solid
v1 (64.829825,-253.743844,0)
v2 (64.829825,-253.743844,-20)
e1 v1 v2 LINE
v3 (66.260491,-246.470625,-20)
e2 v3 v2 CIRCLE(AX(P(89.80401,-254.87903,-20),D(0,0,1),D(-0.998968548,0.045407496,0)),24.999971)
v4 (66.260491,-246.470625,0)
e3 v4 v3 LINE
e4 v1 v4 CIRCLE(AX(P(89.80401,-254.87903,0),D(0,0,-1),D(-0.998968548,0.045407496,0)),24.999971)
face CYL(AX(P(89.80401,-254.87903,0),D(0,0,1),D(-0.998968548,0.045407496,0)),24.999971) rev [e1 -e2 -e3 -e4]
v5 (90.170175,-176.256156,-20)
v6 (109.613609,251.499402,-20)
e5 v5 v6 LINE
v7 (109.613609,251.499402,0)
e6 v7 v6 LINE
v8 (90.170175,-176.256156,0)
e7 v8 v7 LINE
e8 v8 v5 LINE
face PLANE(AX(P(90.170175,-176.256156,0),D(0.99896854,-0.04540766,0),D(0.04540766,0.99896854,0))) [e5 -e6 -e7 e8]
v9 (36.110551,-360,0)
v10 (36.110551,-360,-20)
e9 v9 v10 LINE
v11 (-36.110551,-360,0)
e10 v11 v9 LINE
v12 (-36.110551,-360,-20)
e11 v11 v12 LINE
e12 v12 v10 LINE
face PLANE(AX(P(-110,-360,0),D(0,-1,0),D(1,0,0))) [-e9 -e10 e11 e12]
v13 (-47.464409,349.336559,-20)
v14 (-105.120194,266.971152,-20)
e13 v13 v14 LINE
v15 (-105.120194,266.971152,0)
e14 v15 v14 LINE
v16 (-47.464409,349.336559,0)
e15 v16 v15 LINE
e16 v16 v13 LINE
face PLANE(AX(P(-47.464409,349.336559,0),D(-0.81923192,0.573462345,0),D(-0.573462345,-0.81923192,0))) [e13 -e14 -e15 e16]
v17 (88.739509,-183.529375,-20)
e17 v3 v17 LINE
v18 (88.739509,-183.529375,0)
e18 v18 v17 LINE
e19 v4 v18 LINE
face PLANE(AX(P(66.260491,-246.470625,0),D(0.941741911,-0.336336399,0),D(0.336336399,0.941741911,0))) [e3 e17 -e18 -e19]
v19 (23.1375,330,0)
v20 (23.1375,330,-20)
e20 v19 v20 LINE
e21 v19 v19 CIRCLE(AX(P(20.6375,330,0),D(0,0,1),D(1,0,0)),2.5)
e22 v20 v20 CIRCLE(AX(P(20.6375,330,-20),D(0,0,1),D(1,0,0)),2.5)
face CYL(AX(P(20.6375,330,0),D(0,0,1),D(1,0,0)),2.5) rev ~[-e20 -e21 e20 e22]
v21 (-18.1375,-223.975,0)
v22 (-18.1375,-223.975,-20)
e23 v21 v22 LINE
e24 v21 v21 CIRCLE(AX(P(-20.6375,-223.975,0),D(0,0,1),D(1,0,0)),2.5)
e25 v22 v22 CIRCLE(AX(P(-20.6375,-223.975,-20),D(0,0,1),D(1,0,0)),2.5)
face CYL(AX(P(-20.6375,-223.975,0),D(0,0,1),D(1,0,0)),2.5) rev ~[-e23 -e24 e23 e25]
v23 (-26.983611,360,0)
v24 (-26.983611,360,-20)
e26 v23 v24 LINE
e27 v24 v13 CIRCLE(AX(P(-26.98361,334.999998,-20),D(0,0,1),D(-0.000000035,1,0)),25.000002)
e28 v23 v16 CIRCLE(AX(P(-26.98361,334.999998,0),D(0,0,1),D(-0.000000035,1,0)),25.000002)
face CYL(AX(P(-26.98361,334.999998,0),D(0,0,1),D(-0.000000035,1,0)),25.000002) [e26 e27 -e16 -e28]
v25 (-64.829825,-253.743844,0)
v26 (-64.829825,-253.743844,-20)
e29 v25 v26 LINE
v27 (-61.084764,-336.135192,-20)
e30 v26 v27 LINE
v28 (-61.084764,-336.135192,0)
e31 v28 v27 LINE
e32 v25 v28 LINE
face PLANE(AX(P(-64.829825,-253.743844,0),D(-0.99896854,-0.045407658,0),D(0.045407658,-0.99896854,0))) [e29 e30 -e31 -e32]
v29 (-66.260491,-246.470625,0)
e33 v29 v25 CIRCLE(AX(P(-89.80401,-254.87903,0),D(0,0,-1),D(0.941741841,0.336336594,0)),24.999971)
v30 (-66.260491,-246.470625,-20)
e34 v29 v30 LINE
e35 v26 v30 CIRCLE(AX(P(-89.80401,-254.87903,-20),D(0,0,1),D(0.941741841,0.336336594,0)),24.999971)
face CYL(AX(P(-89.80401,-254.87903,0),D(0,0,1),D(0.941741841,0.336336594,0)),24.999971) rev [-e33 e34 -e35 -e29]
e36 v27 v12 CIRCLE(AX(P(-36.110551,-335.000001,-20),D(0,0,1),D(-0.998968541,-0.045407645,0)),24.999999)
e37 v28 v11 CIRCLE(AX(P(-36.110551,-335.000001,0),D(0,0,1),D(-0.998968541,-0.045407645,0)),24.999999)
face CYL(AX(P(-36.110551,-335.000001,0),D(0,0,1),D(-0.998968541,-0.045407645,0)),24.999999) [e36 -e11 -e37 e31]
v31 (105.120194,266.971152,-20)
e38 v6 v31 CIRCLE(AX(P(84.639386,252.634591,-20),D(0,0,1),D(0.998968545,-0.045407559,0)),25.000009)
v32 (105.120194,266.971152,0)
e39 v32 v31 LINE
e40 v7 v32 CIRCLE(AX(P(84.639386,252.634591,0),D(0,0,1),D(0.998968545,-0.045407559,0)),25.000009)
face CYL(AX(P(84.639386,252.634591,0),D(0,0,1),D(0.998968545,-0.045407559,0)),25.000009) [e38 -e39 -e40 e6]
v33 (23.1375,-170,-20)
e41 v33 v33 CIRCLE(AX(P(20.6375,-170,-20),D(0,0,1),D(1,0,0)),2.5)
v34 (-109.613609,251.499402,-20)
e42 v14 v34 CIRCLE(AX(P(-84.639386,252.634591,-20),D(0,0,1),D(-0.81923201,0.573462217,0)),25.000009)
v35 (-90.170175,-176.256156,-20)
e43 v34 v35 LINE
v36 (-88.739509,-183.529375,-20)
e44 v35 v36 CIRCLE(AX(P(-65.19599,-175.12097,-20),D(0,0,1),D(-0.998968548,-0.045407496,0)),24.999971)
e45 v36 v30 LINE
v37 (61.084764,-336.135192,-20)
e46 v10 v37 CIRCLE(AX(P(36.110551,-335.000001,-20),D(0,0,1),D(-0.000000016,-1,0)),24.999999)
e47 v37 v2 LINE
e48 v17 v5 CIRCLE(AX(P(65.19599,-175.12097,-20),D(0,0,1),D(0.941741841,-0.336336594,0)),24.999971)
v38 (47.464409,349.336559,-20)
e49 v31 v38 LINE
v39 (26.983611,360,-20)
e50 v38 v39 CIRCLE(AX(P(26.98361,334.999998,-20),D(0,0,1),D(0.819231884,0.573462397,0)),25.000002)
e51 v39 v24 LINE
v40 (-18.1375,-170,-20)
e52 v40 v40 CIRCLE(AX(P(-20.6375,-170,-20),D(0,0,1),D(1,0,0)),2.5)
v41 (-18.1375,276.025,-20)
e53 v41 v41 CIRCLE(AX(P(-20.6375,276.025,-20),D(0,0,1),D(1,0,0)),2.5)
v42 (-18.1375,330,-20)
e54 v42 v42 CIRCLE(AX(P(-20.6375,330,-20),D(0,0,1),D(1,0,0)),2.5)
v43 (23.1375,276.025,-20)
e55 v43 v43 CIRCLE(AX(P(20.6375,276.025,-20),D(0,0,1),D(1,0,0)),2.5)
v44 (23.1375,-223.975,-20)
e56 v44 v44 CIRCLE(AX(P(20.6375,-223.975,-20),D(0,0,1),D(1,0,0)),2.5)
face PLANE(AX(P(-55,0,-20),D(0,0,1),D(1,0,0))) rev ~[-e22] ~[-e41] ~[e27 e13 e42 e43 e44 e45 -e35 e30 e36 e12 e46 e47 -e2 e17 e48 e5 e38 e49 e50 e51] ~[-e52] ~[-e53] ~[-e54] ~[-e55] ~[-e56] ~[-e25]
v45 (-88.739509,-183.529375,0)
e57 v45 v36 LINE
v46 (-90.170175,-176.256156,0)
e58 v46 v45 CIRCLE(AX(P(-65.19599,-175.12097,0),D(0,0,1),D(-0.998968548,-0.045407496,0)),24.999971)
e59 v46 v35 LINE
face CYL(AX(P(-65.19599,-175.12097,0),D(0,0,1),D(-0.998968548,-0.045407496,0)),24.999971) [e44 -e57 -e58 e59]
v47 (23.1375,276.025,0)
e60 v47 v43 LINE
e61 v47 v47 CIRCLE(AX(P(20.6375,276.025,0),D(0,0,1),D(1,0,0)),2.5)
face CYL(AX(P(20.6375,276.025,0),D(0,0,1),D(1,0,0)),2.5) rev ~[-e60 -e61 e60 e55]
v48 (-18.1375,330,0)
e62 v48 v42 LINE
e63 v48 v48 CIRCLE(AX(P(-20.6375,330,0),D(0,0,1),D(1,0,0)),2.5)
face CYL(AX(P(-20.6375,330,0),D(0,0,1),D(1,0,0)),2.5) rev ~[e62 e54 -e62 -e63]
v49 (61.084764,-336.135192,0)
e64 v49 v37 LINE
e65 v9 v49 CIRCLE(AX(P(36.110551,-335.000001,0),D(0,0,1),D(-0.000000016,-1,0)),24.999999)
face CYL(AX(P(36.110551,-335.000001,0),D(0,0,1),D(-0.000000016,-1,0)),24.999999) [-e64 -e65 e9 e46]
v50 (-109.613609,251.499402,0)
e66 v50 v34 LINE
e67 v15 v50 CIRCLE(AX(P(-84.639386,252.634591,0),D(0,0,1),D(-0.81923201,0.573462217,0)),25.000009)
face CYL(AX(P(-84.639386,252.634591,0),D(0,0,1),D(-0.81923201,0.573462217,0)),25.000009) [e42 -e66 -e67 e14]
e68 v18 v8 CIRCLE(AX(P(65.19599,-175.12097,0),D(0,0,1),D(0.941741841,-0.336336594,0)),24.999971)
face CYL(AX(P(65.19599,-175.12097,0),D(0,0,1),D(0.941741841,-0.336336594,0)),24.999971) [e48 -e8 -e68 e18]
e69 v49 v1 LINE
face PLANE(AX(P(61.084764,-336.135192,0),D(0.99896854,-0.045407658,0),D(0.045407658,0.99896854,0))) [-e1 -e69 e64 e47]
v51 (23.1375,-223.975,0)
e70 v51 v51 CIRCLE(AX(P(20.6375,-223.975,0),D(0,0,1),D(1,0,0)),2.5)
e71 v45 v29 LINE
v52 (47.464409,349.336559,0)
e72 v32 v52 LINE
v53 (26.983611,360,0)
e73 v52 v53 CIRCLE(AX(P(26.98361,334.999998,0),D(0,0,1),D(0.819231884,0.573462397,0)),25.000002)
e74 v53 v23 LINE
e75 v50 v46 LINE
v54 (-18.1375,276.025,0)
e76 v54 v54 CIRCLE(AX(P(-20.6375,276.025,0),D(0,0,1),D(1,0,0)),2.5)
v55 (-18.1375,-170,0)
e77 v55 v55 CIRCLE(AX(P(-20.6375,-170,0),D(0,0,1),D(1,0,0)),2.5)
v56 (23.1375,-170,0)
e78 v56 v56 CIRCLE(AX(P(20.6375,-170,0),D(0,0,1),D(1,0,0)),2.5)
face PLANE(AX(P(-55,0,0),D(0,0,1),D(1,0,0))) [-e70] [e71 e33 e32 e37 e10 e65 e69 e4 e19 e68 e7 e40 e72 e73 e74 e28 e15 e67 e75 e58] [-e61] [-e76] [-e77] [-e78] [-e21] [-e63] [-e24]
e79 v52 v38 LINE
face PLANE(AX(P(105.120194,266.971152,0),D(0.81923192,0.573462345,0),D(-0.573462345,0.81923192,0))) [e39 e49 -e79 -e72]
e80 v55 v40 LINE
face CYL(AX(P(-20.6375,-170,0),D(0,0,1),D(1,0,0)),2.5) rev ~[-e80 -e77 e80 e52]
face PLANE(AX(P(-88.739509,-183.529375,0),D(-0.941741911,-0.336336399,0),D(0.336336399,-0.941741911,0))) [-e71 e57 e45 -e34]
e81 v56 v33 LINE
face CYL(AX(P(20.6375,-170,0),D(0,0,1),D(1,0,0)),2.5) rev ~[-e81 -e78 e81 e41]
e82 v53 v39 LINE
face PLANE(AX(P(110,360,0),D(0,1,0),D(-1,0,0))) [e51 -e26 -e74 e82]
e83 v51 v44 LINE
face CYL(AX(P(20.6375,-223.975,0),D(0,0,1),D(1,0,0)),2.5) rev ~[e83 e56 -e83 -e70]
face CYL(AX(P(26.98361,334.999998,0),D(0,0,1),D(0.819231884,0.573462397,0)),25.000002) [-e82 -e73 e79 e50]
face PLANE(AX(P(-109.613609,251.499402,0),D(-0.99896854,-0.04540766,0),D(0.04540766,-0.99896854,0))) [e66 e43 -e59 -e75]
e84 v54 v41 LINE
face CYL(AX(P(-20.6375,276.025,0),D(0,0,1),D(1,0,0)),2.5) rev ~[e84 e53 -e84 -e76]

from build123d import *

# Parameters (mm, degrees)
F0_W     = 110
F0_H     = 720
F0_R     = 2.5
F2_DEPTH = 20
F4_DEPTH = 20.001


with BuildPart() as f2:
    # F0 (on Top) → F2 (new body)
    with BuildSketch(Plane.XY):
        with Locations((-55, 0)):
            Rectangle(F0_W, F0_H)
        with Locations((-20.6375, -223.975)):
            Circle(F0_R, mode=Mode.SUBTRACT)
        with Locations((-20.6375, -170)):
            Circle(F0_R, mode=Mode.SUBTRACT)
        with Locations((-20.6375, 276.025)):
            Circle(F0_R, mode=Mode.SUBTRACT)
        with Locations((-20.6375, 330)):
            Circle(F0_R, mode=Mode.SUBTRACT)
        with Locations((55, 0)):
            Rectangle(F0_W, F0_H)
        with Locations((20.6375, -223.975)):
            Circle(F0_R, mode=Mode.SUBTRACT)
        with Locations((20.6375, -170)):
            Circle(F0_R, mode=Mode.SUBTRACT)
        with Locations((20.6375, 276.025)):
            Circle(F0_R, mode=Mode.SUBTRACT)
        with Locations((20.6375, 330)):
            Circle(F0_R, mode=Mode.SUBTRACT)
    extrude(amount=-F2_DEPTH)

    # F3 (on face) → F4 (intersect, through all)
    with BuildSketch(Plane.XY):
        with BuildLine():
            ThreePointArc((-26.983611, 360), (-38.52887, 357.174467), (-47.464409, 349.336559))
            Line((-47.464409, 349.336559), (-105.120194, 266.971152))
            ThreePointArc((-105.120194, 266.971152), (-108.647379, 259.607162), (-109.613609, 251.499402))
            Line((-109.613609, 251.499402), (-90.170175, -176.256156))
            ThreePointArc((-90.170175, -176.256156), (-89.725907, -179.946085), (-88.739509, -183.529375))
            Line((-88.739509, -183.529375), (-66.260491, -246.470625))
            ThreePointArc((-66.260491, -246.470625), (-65.274093, -250.053915), (-64.829825, -253.743844))
            Line((-64.829825, -253.743844), (-61.084764, -336.135192))
            ThreePointArc((-61.084764, -336.135192), (-53.382207, -353.074565), (-36.110551, -360))
            Line((-36.110551, -360), (36.110551, -360))
            ThreePointArc((36.110551, -360), (53.382207, -353.074565), (61.084764, -336.135192))
            Line((61.084764, -336.135192), (64.829825, -253.743844))
            ThreePointArc((64.829825, -253.743844), (65.274093, -250.053915), (66.260491, -246.470625))
            Line((66.260491, -246.470625), (88.739509, -183.529375))
            ThreePointArc((88.739509, -183.529375), (89.725907, -179.946085), (90.170175, -176.256156))
            Line((90.170175, -176.256156), (109.613609, 251.499402))
            ThreePointArc((109.613609, 251.499402), (108.647379, 259.607162), (105.120194, 266.971152))
            Line((105.120194, 266.971152), (47.464409, 349.336559))
            ThreePointArc((47.464409, 349.336559), (38.52887, 357.174467), (26.983611, 360))
            Line((26.983611, 360), (-26.983611, 360))
        make_face()
    extrude(amount=-F4_DEPTH, mode=Mode.INTERSECT)


solid = f2.part
